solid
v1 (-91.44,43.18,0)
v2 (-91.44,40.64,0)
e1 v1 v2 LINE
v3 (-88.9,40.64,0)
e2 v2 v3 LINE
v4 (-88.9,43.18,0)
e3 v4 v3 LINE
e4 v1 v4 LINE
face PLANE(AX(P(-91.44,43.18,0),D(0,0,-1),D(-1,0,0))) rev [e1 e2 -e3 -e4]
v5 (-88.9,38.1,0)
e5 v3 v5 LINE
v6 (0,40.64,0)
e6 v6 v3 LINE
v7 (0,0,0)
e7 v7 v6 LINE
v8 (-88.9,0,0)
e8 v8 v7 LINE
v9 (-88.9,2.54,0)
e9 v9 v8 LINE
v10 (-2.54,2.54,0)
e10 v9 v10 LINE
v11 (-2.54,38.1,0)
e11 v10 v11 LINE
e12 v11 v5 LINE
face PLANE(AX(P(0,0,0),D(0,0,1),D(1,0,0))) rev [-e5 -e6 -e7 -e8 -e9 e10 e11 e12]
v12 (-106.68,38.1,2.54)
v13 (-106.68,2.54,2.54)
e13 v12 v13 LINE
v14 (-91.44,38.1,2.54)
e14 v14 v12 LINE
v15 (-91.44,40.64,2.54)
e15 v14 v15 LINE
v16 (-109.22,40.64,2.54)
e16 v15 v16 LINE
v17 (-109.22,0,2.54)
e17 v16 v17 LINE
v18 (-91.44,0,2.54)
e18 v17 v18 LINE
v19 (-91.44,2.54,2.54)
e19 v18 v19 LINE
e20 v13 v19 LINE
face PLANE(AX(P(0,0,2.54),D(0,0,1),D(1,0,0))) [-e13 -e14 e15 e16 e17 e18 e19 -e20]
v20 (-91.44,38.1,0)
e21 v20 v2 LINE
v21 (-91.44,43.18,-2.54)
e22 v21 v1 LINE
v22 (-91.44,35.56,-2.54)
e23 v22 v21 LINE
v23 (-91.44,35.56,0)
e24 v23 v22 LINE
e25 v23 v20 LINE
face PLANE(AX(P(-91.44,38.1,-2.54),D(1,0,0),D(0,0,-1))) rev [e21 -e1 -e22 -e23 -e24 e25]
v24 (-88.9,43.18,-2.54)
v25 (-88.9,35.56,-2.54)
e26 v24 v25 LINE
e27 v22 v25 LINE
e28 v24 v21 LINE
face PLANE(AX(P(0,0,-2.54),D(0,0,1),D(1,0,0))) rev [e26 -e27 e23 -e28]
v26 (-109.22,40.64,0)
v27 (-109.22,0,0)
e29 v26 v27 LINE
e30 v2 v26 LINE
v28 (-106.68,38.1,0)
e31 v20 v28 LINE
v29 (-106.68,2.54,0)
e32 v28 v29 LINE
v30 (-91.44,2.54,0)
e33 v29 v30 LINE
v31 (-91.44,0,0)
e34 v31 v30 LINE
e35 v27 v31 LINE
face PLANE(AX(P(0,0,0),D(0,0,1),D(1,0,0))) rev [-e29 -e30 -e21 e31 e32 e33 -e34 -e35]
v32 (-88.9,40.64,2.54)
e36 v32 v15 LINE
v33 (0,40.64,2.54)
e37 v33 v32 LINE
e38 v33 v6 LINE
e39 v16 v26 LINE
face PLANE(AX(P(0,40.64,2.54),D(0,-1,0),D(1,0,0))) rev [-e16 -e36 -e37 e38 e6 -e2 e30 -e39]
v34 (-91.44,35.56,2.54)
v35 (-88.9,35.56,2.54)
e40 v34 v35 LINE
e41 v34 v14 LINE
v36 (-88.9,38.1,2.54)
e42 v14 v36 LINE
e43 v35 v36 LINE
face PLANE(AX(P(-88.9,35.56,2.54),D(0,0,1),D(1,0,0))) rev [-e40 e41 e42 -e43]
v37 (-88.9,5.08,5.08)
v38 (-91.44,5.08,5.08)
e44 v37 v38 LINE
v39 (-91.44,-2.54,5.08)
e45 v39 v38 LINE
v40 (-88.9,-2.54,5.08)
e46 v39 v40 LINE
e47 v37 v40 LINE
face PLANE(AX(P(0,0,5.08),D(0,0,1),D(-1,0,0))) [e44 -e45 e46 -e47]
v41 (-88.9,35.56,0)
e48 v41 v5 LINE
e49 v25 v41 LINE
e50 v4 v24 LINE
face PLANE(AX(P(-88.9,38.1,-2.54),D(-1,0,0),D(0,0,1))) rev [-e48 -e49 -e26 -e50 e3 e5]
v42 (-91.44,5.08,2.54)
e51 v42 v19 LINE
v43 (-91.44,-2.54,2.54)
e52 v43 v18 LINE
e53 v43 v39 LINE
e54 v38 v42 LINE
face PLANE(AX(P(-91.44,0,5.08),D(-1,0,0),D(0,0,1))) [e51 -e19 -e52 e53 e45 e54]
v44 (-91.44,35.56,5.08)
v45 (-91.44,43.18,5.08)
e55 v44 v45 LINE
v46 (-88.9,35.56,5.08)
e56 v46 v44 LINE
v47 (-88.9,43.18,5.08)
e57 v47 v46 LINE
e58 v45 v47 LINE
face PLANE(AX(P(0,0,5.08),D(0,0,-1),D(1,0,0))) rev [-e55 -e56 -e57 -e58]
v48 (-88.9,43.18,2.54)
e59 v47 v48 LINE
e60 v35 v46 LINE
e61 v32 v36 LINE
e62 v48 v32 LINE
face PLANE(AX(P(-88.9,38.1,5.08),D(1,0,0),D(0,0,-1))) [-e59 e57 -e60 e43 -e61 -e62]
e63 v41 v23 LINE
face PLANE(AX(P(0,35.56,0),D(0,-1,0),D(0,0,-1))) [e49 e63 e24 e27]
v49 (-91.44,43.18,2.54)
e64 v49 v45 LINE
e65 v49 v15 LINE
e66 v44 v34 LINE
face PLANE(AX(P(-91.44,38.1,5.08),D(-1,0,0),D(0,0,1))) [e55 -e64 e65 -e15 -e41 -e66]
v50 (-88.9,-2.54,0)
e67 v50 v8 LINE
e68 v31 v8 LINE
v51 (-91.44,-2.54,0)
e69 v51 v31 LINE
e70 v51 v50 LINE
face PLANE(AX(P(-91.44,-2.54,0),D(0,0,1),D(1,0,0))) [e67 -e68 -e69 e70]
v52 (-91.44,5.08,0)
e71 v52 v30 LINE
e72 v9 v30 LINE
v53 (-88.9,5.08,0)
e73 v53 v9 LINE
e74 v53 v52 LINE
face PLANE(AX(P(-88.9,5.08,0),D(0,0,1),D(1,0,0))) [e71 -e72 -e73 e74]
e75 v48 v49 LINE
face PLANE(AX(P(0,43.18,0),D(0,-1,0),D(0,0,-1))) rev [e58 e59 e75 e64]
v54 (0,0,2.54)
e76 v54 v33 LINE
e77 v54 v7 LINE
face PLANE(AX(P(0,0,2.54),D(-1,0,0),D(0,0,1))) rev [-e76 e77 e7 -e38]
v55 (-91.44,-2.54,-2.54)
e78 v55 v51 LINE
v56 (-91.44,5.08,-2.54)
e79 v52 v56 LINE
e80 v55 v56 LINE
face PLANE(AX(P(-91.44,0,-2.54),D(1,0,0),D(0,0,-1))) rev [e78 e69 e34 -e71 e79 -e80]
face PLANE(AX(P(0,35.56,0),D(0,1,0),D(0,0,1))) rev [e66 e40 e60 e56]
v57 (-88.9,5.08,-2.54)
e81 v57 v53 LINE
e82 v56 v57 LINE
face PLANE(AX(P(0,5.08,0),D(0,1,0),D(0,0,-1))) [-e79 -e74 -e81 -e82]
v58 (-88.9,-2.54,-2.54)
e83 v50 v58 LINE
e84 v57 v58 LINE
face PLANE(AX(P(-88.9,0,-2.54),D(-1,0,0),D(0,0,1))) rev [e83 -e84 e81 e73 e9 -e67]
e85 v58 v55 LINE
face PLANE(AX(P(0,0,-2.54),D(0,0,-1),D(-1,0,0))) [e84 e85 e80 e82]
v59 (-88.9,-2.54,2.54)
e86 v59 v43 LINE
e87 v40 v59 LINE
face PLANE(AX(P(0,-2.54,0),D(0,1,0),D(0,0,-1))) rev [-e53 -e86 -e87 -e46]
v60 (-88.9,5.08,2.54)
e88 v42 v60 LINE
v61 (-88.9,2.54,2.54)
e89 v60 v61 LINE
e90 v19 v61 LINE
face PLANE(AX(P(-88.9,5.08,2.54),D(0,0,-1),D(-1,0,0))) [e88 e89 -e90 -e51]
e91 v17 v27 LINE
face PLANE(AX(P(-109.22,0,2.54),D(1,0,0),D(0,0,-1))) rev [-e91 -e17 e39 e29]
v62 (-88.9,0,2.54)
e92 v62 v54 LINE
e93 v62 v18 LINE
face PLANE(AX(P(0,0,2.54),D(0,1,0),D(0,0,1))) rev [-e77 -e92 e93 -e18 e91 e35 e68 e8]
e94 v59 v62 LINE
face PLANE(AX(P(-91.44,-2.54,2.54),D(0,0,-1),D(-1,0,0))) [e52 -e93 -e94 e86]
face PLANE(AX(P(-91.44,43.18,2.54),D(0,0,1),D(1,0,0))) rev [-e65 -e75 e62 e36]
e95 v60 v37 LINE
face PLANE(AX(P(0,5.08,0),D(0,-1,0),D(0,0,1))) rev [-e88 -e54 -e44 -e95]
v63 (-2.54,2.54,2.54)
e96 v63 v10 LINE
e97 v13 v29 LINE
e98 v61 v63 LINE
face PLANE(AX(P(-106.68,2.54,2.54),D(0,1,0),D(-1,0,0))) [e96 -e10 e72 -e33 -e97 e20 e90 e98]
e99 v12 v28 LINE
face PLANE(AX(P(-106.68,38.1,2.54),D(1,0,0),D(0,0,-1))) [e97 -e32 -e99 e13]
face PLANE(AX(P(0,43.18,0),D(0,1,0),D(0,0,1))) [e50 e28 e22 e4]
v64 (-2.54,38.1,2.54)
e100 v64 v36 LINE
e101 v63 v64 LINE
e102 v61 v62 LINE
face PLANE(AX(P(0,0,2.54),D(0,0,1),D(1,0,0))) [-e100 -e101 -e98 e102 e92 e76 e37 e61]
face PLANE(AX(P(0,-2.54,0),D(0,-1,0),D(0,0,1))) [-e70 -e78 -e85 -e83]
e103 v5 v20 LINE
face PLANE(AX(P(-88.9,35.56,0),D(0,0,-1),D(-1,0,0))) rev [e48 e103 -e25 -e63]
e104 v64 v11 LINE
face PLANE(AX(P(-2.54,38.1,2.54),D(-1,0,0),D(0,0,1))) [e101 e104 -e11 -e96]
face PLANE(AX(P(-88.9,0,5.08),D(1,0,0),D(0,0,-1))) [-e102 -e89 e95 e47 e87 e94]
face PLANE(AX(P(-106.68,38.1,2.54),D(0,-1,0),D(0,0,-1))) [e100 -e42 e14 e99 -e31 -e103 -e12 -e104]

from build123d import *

# Parameters (mm, degrees)
SKETCH1_W           = 109.22
SKETCH1_H           = 40.64
SKETCH1_W_2         = 104.14
SKETCH1_H_2         = 35.56
BOSS_EXTRUDE1_DEPTH = 2.54
SKETCH2_W           = 2.54
SKETCH2_H           = 2.54
BOSS_EXTRUDE2_DEPTH = 2.54
SKETCH4_W           = 2.54
SKETCH4_H           = 2.54
BOSS_EXTRUDE3_DEPTH = 2.54
SKETCH6_W           = 2.54
SKETCH6_H           = 2.54
BOSS_EXTRUDE4_DEPTH = 2.54


with BuildPart() as part:
    # Sketch1 → Boss-Extrude1 (new body)
    with BuildSketch(Plane.XY):
        with Locations((-54.61, 20.32)):
            Rectangle(SKETCH1_W, SKETCH1_H)
        with Locations((-54.61, 20.32)):
            Rectangle(SKETCH1_W_2, SKETCH1_H_2, mode=Mode.SUBTRACT)
    extrude(amount=BOSS_EXTRUDE1_DEPTH)

    # Sketch2 → Boss-Extrude2 (add)
    with BuildSketch(Plane(origin=(0, 0, 0), x_dir=(-1, 0, 0), z_dir=(0, 0, -1))):
        with Locations((90.17, 39.37)):
            Rectangle(SKETCH2_W, SKETCH2_H)
        with Locations((90.17, 1.27)):
            Rectangle(SKETCH2_W, SKETCH2_H)
    boss_extrude2 = extrude(amount=BOSS_EXTRUDE2_DEPTH)

    # Mirror1: Boss-Extrude2 across plane
    add(boss_extrude2.mirror(Plane.XY.offset(1.27)))

    # Sketch4 → Boss-Extrude3 (add)
    with BuildSketch(Plane(origin=(0, 40.64, 0), x_dir=(1, 0, 0), z_dir=(0, 1, 0))):
        with Locations((-90.17, 1.27)):
            Rectangle(SKETCH4_W, SKETCH4_H)
        with Locations((-90.17, -3.81)):
            Rectangle(SKETCH4_W, SKETCH4_H)
    boss_extrude3 = extrude(amount=BOSS_EXTRUDE3_DEPTH)

    # Sketch6 → Boss-Extrude4 (add)
    with BuildSketch(Plane(origin=(0, 38.1, 0), x_dir=(-1, 0, 0), z_dir=(0, -1, 0))):
        with Locations((90.17, 1.27)):
            Rectangle(SKETCH6_W, SKETCH6_H)
        with Locations((90.17, -3.81)):
            Rectangle(SKETCH6_W, SKETCH6_H)
    boss_extrude4 = extrude(amount=BOSS_EXTRUDE4_DEPTH)

    # Mirror3: Boss-Extrude3, Boss-Extrude4 across plane
    add(boss_extrude3.mirror(Plane(origin=(0, 20.32, 0), x_dir=(0, 0, 1), z_dir=(0, -1, 0))))
    add(boss_extrude4.mirror(Plane(origin=(0, 20.32, 0), x_dir=(0, 0, 1), z_dir=(0, -1, 0))))


solid = part.part
